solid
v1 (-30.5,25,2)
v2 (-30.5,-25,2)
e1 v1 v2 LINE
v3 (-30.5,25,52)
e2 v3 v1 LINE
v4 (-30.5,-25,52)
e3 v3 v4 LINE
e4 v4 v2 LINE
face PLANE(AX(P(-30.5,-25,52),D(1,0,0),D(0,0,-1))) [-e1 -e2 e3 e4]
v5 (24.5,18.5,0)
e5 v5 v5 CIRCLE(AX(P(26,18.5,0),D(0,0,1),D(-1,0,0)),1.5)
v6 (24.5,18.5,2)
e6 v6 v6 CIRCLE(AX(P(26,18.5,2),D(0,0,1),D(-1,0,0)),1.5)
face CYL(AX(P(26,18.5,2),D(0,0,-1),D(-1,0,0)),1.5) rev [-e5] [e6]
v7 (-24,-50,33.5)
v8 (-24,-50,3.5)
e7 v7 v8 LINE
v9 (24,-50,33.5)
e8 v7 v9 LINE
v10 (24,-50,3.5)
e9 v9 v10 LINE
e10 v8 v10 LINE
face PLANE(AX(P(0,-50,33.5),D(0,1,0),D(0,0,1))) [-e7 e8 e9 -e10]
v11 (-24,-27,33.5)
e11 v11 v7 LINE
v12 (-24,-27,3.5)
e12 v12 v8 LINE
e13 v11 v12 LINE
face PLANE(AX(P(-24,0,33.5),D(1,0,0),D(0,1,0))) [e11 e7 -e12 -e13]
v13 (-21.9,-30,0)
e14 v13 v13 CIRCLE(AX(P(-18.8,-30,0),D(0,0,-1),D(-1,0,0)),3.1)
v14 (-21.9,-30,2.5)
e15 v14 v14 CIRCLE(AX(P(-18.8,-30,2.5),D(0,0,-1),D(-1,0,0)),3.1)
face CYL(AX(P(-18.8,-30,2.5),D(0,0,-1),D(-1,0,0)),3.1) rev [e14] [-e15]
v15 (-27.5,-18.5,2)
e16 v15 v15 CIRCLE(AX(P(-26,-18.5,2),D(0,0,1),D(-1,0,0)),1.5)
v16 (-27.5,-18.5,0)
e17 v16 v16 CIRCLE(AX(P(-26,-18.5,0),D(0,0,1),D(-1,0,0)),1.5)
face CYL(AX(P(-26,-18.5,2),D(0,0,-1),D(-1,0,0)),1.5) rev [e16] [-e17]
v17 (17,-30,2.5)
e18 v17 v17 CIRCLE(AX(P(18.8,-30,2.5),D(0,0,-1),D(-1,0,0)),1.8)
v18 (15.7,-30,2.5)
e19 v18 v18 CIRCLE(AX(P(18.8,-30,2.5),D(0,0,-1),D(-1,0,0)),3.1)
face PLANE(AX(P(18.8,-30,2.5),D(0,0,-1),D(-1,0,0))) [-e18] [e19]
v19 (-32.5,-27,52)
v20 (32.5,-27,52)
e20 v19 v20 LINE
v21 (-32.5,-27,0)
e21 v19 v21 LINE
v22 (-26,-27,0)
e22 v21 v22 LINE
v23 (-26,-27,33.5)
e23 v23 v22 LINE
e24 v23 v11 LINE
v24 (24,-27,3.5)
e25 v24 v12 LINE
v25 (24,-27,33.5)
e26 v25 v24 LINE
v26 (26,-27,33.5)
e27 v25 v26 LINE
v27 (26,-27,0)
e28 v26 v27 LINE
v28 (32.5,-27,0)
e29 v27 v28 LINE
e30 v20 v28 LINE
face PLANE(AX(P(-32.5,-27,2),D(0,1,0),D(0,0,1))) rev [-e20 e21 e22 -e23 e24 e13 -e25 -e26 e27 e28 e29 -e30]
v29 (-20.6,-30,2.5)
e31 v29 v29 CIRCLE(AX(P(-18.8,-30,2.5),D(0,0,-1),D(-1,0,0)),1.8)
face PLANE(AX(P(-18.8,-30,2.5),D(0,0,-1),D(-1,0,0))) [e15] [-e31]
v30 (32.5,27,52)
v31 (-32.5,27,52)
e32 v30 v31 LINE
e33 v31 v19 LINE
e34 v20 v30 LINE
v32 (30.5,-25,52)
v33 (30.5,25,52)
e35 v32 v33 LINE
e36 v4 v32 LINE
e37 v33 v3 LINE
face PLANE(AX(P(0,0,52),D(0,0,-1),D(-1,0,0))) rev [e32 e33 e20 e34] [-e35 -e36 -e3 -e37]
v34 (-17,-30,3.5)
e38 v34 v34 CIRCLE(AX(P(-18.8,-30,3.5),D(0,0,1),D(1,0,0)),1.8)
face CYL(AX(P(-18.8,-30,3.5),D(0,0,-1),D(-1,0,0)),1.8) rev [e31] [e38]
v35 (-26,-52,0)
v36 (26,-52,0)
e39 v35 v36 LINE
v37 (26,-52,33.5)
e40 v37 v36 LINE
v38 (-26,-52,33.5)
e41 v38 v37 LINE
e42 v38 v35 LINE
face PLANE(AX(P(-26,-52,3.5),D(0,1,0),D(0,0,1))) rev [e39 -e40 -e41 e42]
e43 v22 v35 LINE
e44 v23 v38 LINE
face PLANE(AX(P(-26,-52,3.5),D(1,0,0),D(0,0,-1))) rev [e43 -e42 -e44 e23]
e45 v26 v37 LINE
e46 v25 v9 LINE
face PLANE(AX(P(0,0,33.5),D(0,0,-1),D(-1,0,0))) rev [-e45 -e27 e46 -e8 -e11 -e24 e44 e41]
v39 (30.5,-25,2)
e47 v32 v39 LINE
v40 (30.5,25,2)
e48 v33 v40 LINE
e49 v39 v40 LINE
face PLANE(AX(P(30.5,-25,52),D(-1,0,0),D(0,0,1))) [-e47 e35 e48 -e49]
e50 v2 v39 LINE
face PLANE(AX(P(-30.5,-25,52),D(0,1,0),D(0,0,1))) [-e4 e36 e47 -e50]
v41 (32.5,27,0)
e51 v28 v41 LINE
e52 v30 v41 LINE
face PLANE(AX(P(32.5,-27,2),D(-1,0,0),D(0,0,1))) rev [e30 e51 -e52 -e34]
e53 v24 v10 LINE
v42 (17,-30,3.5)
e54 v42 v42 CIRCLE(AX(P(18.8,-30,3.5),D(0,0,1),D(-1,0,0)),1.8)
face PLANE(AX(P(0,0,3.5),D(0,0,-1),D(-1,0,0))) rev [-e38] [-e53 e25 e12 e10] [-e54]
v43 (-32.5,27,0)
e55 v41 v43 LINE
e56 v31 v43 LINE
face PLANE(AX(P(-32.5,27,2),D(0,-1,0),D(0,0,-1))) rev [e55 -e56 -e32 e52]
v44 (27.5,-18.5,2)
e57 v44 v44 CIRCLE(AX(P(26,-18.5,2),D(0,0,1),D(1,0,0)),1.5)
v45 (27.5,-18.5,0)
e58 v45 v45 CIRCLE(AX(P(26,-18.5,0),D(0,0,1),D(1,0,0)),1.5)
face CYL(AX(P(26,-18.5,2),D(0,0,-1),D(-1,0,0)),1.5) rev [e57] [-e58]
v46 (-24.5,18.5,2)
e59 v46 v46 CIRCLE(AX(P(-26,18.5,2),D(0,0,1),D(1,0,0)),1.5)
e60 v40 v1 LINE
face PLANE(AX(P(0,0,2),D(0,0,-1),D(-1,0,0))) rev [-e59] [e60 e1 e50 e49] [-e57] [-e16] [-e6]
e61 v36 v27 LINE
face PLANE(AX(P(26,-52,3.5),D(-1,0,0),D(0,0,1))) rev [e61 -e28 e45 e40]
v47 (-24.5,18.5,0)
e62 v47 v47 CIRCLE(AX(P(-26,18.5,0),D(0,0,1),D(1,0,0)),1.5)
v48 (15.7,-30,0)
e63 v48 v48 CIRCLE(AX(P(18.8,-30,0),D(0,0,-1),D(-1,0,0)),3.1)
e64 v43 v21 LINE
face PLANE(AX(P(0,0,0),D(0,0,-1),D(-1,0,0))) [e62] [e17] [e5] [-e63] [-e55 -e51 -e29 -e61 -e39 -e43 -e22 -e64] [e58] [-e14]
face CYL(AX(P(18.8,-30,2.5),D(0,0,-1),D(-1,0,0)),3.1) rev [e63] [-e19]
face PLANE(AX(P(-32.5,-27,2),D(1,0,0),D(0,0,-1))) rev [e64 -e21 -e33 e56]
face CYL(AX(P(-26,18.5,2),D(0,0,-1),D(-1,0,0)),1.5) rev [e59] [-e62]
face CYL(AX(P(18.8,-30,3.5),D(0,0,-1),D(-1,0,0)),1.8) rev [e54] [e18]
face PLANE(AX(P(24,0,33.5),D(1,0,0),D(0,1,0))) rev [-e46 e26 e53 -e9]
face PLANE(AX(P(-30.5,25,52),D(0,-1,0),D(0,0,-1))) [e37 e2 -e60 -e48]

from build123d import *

# Parameters (mm, degrees)
SKETCH_1_W          = 65
SKETCH_1_H          = 54
SKETCH_1_R          = 1.5
EXTRUDE_1_DEPTH     = 2
SKETCH_2_W          = 65
SKETCH_2_H          = 54
SKETCH_2_W_2        = 61
SKETCH_2_H_2        = 50
EXTRUDE_2_DEPTH     = 50
SKETCH_6_W          = 52
SKETCH_6_H          = 25
SKETCH_6_R          = 1.8
EXTRUDE_3_DEPTH     = 3.5
EXTRUDE_4_DEPTH     = 30
SKETCH_8_R          = 3.1
CUT_EXTRUDE_1_DEPTH = 2.5


with BuildPart() as part:
    # 草图1 → 凸台-拉伸1 (new body)
    with BuildSketch(Plane.XY):
        Rectangle(SKETCH_1_W, SKETCH_1_H)
        with Locations((-26, 18.5)):
            Circle(SKETCH_1_R, mode=Mode.SUBTRACT)
        with Locations(Location((26, 18.5, 0), (0, 0, 180))):
            Circle(SKETCH_1_R, mode=Mode.SUBTRACT)
        with Locations(Location((-26, -18.5, 0), (0, 0, 180))):
            Circle(SKETCH_1_R, mode=Mode.SUBTRACT)
        with Locations((26, -18.5)):
            Circle(SKETCH_1_R, mode=Mode.SUBTRACT)
    extrude(amount=EXTRUDE_1_DEPTH)

    # 草图2 → 凸台-拉伸2 (add)
    with BuildSketch(Plane.XY.offset(2)):
        Rectangle(SKETCH_2_W, SKETCH_2_H)
        Rectangle(SKETCH_2_W_2, SKETCH_2_H_2, mode=Mode.SUBTRACT)
    extrude(amount=EXTRUDE_2_DEPTH)

    # 草图6 → 凸台-拉伸3 (add)
    with BuildSketch(Plane.XY):
        with Locations((0, -39.5)):
            Rectangle(SKETCH_6_W, SKETCH_6_H)
        with Locations((-18.8, -30)):
            Circle(SKETCH_6_R, mode=Mode.SUBTRACT)
        with Locations(Location((18.8, -30, 0), (0, 0, 180))):
            Circle(SKETCH_6_R, mode=Mode.SUBTRACT)
    extrude(amount=EXTRUDE_3_DEPTH)

    # 草图7 → 凸台-拉伸4 (add)
    with BuildSketch(Plane.XY.offset(3.5)):
        Polygon((-24, -27), (-26, -27), (-26, -52), (26, -52), (26, -27), (24, -27), (24, -50), (-24, -50), align=None)
    extrude(amount=EXTRUDE_4_DEPTH)

    # 草图8 → 切除-拉伸1 (cut)
    with BuildSketch(Plane(origin=(0, 0, 0), x_dir=(-1, 0, 0), z_dir=(0, 0, -1))):
        with Locations((-18.8, -30)):
            Circle(SKETCH_8_R)
        with Locations((18.8, -30)):
            Circle(SKETCH_8_R)
    extrude(amount=-CUT_EXTRUDE_1_DEPTH, mode=Mode.SUBTRACT)


solid = part.part
